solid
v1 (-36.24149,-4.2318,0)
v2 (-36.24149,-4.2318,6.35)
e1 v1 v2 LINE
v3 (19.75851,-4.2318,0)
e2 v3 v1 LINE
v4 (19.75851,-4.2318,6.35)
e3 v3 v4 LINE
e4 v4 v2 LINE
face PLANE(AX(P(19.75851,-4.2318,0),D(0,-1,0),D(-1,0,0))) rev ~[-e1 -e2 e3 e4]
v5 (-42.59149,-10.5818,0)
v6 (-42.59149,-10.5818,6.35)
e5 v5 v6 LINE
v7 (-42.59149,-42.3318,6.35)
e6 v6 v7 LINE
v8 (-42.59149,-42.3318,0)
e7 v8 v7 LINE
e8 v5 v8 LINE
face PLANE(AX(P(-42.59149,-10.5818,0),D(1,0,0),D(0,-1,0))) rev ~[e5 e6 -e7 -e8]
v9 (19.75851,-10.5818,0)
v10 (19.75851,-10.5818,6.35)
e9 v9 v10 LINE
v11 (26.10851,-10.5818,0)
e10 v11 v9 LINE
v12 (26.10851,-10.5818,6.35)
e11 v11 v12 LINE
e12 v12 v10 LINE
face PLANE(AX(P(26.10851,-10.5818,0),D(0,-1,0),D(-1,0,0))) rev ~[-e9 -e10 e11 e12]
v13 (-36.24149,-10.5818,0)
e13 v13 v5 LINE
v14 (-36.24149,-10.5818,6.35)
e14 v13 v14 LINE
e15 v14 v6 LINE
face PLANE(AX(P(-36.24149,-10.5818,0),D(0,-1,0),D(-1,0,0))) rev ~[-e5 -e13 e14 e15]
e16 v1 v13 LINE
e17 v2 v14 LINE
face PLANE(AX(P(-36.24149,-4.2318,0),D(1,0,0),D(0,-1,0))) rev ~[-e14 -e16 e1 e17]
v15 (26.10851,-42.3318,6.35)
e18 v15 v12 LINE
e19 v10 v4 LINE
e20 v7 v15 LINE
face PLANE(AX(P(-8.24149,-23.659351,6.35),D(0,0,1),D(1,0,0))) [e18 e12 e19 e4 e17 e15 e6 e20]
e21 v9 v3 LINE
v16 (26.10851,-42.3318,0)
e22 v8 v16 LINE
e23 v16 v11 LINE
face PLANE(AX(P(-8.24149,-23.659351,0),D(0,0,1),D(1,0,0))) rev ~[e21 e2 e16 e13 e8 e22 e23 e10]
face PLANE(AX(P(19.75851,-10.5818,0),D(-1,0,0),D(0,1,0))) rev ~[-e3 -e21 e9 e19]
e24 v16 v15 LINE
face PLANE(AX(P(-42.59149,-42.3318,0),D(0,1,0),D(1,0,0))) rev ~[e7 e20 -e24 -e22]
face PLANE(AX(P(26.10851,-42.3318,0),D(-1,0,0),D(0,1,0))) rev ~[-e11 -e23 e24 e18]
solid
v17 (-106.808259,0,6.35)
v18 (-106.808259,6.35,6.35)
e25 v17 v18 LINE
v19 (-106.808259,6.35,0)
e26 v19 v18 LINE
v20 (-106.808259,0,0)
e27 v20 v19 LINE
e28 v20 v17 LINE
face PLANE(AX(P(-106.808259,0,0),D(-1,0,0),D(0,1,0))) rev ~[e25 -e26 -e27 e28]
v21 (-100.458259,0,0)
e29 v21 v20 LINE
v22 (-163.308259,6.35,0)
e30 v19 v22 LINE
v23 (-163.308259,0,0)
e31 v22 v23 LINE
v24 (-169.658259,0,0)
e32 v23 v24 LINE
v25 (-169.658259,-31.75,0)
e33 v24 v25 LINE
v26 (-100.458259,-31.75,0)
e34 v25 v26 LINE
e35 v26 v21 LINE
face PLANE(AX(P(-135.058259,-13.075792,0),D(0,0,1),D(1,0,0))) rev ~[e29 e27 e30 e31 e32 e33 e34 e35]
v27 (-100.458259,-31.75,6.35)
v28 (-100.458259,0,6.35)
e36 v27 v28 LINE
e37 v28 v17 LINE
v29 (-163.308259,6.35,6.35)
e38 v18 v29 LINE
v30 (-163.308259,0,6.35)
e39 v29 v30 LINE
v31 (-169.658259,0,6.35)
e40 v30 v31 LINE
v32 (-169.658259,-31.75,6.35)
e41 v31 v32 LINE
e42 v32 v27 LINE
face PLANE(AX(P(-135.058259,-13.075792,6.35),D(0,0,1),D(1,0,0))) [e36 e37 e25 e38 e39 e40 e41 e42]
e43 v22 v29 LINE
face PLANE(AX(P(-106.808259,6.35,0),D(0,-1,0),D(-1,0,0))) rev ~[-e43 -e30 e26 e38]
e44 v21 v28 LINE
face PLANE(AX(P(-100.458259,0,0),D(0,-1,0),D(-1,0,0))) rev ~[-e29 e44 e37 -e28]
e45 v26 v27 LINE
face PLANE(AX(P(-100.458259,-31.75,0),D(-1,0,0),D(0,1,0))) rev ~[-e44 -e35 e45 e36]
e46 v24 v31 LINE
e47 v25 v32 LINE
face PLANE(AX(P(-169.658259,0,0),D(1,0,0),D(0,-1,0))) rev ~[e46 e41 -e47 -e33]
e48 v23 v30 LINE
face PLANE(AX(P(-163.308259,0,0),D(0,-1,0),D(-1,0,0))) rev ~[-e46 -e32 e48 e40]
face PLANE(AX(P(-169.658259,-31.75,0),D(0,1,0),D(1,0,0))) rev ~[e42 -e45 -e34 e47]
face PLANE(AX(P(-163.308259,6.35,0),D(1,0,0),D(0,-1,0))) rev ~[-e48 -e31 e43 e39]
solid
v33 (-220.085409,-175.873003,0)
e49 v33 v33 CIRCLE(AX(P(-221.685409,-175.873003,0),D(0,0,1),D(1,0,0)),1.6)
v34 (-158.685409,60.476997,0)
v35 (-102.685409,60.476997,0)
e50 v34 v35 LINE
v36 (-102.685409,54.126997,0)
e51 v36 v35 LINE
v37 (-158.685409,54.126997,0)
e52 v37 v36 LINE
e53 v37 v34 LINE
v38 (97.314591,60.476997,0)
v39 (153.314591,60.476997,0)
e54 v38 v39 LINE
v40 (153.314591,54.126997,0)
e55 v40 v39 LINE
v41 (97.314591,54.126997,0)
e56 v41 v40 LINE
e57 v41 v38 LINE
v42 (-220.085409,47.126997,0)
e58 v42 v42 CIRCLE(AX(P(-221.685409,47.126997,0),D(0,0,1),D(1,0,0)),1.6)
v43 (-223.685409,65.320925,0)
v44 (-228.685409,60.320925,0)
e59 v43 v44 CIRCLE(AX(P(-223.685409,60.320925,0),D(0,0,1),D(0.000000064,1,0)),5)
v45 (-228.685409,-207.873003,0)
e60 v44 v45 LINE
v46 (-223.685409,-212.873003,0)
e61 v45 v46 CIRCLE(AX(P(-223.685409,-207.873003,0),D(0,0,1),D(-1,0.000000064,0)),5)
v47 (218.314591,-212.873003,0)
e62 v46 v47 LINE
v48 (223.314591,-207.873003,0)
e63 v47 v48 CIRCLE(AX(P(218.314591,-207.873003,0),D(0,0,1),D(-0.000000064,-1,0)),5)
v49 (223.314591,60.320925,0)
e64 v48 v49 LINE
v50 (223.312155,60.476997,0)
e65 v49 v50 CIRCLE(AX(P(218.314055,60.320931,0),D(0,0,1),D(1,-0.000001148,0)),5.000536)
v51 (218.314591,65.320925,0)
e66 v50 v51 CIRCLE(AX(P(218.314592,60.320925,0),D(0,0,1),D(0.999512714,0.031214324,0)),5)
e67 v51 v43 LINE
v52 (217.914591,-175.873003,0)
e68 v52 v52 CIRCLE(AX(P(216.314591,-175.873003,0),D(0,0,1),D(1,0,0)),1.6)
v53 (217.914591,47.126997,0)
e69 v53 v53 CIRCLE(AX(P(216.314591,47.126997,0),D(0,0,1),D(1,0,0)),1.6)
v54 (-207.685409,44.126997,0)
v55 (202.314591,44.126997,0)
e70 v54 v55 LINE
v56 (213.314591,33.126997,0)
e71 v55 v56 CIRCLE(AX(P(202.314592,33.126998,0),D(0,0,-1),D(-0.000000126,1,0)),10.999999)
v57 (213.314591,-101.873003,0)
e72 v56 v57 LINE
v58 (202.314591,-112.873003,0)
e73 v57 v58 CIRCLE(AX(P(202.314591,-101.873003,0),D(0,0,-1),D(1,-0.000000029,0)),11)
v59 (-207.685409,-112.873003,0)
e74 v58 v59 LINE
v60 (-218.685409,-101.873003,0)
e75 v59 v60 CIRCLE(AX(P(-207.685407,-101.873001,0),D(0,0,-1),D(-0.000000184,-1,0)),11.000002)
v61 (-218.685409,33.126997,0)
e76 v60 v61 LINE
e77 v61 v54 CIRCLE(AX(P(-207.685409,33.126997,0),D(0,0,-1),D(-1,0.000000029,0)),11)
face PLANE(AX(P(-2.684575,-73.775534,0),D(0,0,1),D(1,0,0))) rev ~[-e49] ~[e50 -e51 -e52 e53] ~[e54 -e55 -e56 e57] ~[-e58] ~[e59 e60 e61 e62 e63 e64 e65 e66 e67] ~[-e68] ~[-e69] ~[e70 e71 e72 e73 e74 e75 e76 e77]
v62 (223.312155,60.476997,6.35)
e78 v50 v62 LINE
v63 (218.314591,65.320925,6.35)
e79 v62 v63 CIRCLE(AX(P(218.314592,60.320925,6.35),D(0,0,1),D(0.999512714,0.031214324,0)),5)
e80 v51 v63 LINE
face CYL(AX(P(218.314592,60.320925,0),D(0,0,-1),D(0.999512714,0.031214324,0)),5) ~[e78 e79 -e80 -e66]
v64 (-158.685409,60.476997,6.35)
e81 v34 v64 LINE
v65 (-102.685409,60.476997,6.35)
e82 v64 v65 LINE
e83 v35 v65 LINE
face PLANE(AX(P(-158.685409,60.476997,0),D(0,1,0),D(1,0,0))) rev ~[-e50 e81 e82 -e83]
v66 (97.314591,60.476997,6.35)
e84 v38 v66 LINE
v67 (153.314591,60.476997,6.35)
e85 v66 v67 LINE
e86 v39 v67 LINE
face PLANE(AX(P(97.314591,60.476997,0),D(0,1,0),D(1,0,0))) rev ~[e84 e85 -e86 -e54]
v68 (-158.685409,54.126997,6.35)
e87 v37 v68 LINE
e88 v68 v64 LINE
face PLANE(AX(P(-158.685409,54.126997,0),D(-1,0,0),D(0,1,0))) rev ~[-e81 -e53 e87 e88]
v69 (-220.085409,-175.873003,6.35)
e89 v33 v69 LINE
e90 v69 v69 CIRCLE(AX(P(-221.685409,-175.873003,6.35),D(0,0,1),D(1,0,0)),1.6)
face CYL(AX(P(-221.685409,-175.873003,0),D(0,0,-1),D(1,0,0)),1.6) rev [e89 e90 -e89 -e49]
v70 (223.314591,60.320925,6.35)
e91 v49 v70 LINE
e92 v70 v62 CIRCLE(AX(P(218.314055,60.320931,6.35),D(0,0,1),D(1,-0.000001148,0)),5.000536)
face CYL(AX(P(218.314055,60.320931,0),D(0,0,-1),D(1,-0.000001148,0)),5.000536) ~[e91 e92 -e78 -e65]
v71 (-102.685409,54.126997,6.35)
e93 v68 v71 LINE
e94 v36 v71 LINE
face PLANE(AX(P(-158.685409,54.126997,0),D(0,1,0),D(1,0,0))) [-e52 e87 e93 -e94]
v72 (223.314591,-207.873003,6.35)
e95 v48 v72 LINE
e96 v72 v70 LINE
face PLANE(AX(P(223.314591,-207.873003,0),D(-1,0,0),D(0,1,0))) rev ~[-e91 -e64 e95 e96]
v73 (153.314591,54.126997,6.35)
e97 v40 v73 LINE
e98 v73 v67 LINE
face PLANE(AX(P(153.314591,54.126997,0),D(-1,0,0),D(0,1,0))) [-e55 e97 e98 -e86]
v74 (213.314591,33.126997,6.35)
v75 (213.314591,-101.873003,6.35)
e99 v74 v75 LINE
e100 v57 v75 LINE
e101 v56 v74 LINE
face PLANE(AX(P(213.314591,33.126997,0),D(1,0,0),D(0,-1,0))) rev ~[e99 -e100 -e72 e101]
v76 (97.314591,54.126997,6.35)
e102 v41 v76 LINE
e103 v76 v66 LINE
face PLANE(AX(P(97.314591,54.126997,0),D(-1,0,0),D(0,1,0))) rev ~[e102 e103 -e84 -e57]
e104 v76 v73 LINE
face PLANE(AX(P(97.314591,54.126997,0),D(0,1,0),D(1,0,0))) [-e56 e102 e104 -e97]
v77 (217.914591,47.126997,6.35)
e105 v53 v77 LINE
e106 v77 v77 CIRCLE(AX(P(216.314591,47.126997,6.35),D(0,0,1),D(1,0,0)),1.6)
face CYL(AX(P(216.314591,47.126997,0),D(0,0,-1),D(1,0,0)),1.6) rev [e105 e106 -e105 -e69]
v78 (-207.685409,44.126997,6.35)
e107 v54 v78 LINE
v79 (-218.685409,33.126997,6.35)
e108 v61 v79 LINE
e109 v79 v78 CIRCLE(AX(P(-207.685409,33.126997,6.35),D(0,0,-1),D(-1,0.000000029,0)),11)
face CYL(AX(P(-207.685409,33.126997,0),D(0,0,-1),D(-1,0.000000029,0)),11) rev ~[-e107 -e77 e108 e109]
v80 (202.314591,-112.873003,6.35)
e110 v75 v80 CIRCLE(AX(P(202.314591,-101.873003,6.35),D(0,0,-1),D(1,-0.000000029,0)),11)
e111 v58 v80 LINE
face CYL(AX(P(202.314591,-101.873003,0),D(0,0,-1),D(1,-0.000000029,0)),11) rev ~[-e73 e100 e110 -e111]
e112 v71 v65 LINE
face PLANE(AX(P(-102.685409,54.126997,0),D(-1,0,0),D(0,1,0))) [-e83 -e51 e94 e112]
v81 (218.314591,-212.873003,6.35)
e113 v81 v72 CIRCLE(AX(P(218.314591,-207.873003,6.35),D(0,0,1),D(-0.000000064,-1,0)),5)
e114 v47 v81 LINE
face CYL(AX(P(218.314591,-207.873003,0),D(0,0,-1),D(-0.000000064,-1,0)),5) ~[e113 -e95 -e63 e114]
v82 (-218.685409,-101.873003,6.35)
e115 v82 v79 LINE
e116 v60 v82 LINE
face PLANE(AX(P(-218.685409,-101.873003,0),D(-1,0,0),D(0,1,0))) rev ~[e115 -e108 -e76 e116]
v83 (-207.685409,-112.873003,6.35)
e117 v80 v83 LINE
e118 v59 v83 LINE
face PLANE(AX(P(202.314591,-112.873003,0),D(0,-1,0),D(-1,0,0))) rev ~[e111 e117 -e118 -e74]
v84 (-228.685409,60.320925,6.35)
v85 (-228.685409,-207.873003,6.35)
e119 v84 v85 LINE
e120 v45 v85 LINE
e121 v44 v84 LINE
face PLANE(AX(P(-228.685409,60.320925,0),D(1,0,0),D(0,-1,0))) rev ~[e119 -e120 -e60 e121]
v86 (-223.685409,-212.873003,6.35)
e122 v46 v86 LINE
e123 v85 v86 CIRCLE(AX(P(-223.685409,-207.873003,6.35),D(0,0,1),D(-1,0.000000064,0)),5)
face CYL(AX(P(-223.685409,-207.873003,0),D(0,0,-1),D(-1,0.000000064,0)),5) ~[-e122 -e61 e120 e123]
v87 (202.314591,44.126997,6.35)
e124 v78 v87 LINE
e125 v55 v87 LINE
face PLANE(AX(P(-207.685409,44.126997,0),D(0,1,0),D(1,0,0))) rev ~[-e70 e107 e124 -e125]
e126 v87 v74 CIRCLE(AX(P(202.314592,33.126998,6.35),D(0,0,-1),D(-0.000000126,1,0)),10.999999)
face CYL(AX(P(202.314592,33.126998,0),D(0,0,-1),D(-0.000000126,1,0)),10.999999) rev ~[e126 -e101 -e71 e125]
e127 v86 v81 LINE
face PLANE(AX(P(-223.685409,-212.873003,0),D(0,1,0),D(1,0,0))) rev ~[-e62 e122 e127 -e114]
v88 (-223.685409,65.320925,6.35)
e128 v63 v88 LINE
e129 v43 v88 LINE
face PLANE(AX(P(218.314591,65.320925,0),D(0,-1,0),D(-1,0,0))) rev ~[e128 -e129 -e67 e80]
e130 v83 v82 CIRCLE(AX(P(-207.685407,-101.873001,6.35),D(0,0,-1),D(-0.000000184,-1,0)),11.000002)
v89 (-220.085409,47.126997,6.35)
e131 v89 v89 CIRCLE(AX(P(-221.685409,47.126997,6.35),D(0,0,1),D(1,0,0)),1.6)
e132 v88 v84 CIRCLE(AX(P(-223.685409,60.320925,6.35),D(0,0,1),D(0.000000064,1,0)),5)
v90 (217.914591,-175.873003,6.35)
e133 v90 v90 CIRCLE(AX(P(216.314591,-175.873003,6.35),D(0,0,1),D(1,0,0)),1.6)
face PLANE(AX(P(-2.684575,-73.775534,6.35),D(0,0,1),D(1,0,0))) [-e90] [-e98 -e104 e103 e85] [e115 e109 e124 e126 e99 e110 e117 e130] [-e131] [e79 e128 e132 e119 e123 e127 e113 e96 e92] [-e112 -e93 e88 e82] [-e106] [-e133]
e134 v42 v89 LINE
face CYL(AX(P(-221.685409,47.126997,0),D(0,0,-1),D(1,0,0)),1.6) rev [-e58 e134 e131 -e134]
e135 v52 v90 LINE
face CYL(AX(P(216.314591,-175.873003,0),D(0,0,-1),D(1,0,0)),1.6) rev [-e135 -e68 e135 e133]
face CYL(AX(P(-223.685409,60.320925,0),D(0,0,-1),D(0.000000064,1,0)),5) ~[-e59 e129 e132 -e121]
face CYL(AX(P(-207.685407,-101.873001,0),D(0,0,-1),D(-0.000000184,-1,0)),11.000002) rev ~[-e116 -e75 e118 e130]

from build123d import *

# Parameters (mm, degrees)
F0_R     = 1.6
F0_W     = 56
F0_H     = 6.35
F1_DEPTH = 6.35


with BuildPart() as f1:
    # F0 (on Top) → F1 (new body)
    with BuildSketch(Plane.XY):
        with BuildLine():
            Line((223.314591, 47.126997), (223.314591, 49.126997))
            Line((223.314591, 49.126997), (223.314591, 60.320925))
            ThreePointArc((223.314591, 60.320925), (223.313982, 60.398971), (223.312155, 60.476997))
            ThreePointArc((223.312155, 60.476997), (221.794508, 63.911215), (218.314591, 65.320925))
            Line((218.314591, 65.320925), (-118.902974, 65.320925))
            Line((-118.902974, 65.320925), (-223.685409, 65.320925))
            ThreePointArc((-223.685409, 65.320925), (-227.220943, 63.856459), (-228.685409, 60.320925))
            Line((-228.685409, 60.320925), (-228.685409, -175.873003))
            Line((-228.685409, -175.873003), (-228.685409, -177.873003))
            Line((-228.685409, -177.873003), (-228.685409, -207.873003))
            ThreePointArc((-228.685409, -207.873003), (-227.220943, -211.408537), (-223.685409, -212.873003))
            Line((-223.685409, -212.873003), (-64.44785, -212.873003))
            Line((-64.44785, -212.873003), (218.314591, -212.873003))
            ThreePointArc((218.314591, -212.873003), (221.850125, -211.408537), (223.314591, -207.873003))
            Line((223.314591, -207.873003), (223.314591, -177.873003))
            Line((223.314591, -177.873003), (223.314591, -175.873003))
            Line((223.314591, -175.873003), (223.314591, 47.126997))
        make_face()
        with Locations((-221.685409, -175.873003)):
            Circle(F0_R, mode=Mode.SUBTRACT)
        with Locations((216.314591, -175.873003)):
            Circle(F0_R, mode=Mode.SUBTRACT)
        with Locations((-221.685409, 47.126997)):
            Circle(F0_R, mode=Mode.SUBTRACT)
        with Locations((-130.685409, 57.301997)):
            Rectangle(F0_W, F0_H, mode=Mode.SUBTRACT)
        with BuildLine():
            Line((213.314591, 33.126997), (213.314591, -31.178514))
            Line((213.314591, -31.178514), (213.314591, -101.873003))
            ThreePointArc((213.314591, -101.873003), (210.092766, -109.651177), (202.314591, -112.873003))
            Line((202.314591, -112.873003), (-207.685409, -112.873003))
            ThreePointArc((-207.685409, -112.873003), (-215.463583, -109.651177), (-218.685409, -101.873003))
            Line((-218.685409, -101.873003), (-218.685409, -34.373003))
            Line((-218.685409, -34.373003), (-218.685409, 33.126997))
            ThreePointArc((-218.685409, 33.126997), (-215.463583, 40.905172), (-207.685409, 44.126997))
            Line((-207.685409, 44.126997), (202.314591, 44.126997))
            ThreePointArc((202.314591, 44.126997), (210.092766, 40.905172), (213.314591, 33.126997))
        make_face(mode=Mode.SUBTRACT)
        with Locations((125.314591, 57.301997)):
            Rectangle(F0_W, F0_H, mode=Mode.SUBTRACT)
        with Locations((216.314591, 47.126997)):
            Circle(F0_R, mode=Mode.SUBTRACT)
        Polygon((-106.808259, 6.35), (-163.308259, 6.35), (-163.308259, 0), (-169.658259, 0), (-169.658259, -31.75), (-163.308259, -31.75), (-107.308259, -31.75), (-100.458259, -31.75), (-100.458259, 0), (-106.808259, 0), align=None)
        Polygon((19.75851, -4.2318), (-36.24149, -4.2318), (-36.24149, -10.5818), (-42.59149, -10.5818), (-42.59149, -42.3318), (-36.24149, -42.3318), (19.75851, -42.3318), (26.10851, -42.3318), (26.10851, -10.5818), (19.75851, -10.5818), align=None)
    extrude(amount=F1_DEPTH)


solid = f1.part
